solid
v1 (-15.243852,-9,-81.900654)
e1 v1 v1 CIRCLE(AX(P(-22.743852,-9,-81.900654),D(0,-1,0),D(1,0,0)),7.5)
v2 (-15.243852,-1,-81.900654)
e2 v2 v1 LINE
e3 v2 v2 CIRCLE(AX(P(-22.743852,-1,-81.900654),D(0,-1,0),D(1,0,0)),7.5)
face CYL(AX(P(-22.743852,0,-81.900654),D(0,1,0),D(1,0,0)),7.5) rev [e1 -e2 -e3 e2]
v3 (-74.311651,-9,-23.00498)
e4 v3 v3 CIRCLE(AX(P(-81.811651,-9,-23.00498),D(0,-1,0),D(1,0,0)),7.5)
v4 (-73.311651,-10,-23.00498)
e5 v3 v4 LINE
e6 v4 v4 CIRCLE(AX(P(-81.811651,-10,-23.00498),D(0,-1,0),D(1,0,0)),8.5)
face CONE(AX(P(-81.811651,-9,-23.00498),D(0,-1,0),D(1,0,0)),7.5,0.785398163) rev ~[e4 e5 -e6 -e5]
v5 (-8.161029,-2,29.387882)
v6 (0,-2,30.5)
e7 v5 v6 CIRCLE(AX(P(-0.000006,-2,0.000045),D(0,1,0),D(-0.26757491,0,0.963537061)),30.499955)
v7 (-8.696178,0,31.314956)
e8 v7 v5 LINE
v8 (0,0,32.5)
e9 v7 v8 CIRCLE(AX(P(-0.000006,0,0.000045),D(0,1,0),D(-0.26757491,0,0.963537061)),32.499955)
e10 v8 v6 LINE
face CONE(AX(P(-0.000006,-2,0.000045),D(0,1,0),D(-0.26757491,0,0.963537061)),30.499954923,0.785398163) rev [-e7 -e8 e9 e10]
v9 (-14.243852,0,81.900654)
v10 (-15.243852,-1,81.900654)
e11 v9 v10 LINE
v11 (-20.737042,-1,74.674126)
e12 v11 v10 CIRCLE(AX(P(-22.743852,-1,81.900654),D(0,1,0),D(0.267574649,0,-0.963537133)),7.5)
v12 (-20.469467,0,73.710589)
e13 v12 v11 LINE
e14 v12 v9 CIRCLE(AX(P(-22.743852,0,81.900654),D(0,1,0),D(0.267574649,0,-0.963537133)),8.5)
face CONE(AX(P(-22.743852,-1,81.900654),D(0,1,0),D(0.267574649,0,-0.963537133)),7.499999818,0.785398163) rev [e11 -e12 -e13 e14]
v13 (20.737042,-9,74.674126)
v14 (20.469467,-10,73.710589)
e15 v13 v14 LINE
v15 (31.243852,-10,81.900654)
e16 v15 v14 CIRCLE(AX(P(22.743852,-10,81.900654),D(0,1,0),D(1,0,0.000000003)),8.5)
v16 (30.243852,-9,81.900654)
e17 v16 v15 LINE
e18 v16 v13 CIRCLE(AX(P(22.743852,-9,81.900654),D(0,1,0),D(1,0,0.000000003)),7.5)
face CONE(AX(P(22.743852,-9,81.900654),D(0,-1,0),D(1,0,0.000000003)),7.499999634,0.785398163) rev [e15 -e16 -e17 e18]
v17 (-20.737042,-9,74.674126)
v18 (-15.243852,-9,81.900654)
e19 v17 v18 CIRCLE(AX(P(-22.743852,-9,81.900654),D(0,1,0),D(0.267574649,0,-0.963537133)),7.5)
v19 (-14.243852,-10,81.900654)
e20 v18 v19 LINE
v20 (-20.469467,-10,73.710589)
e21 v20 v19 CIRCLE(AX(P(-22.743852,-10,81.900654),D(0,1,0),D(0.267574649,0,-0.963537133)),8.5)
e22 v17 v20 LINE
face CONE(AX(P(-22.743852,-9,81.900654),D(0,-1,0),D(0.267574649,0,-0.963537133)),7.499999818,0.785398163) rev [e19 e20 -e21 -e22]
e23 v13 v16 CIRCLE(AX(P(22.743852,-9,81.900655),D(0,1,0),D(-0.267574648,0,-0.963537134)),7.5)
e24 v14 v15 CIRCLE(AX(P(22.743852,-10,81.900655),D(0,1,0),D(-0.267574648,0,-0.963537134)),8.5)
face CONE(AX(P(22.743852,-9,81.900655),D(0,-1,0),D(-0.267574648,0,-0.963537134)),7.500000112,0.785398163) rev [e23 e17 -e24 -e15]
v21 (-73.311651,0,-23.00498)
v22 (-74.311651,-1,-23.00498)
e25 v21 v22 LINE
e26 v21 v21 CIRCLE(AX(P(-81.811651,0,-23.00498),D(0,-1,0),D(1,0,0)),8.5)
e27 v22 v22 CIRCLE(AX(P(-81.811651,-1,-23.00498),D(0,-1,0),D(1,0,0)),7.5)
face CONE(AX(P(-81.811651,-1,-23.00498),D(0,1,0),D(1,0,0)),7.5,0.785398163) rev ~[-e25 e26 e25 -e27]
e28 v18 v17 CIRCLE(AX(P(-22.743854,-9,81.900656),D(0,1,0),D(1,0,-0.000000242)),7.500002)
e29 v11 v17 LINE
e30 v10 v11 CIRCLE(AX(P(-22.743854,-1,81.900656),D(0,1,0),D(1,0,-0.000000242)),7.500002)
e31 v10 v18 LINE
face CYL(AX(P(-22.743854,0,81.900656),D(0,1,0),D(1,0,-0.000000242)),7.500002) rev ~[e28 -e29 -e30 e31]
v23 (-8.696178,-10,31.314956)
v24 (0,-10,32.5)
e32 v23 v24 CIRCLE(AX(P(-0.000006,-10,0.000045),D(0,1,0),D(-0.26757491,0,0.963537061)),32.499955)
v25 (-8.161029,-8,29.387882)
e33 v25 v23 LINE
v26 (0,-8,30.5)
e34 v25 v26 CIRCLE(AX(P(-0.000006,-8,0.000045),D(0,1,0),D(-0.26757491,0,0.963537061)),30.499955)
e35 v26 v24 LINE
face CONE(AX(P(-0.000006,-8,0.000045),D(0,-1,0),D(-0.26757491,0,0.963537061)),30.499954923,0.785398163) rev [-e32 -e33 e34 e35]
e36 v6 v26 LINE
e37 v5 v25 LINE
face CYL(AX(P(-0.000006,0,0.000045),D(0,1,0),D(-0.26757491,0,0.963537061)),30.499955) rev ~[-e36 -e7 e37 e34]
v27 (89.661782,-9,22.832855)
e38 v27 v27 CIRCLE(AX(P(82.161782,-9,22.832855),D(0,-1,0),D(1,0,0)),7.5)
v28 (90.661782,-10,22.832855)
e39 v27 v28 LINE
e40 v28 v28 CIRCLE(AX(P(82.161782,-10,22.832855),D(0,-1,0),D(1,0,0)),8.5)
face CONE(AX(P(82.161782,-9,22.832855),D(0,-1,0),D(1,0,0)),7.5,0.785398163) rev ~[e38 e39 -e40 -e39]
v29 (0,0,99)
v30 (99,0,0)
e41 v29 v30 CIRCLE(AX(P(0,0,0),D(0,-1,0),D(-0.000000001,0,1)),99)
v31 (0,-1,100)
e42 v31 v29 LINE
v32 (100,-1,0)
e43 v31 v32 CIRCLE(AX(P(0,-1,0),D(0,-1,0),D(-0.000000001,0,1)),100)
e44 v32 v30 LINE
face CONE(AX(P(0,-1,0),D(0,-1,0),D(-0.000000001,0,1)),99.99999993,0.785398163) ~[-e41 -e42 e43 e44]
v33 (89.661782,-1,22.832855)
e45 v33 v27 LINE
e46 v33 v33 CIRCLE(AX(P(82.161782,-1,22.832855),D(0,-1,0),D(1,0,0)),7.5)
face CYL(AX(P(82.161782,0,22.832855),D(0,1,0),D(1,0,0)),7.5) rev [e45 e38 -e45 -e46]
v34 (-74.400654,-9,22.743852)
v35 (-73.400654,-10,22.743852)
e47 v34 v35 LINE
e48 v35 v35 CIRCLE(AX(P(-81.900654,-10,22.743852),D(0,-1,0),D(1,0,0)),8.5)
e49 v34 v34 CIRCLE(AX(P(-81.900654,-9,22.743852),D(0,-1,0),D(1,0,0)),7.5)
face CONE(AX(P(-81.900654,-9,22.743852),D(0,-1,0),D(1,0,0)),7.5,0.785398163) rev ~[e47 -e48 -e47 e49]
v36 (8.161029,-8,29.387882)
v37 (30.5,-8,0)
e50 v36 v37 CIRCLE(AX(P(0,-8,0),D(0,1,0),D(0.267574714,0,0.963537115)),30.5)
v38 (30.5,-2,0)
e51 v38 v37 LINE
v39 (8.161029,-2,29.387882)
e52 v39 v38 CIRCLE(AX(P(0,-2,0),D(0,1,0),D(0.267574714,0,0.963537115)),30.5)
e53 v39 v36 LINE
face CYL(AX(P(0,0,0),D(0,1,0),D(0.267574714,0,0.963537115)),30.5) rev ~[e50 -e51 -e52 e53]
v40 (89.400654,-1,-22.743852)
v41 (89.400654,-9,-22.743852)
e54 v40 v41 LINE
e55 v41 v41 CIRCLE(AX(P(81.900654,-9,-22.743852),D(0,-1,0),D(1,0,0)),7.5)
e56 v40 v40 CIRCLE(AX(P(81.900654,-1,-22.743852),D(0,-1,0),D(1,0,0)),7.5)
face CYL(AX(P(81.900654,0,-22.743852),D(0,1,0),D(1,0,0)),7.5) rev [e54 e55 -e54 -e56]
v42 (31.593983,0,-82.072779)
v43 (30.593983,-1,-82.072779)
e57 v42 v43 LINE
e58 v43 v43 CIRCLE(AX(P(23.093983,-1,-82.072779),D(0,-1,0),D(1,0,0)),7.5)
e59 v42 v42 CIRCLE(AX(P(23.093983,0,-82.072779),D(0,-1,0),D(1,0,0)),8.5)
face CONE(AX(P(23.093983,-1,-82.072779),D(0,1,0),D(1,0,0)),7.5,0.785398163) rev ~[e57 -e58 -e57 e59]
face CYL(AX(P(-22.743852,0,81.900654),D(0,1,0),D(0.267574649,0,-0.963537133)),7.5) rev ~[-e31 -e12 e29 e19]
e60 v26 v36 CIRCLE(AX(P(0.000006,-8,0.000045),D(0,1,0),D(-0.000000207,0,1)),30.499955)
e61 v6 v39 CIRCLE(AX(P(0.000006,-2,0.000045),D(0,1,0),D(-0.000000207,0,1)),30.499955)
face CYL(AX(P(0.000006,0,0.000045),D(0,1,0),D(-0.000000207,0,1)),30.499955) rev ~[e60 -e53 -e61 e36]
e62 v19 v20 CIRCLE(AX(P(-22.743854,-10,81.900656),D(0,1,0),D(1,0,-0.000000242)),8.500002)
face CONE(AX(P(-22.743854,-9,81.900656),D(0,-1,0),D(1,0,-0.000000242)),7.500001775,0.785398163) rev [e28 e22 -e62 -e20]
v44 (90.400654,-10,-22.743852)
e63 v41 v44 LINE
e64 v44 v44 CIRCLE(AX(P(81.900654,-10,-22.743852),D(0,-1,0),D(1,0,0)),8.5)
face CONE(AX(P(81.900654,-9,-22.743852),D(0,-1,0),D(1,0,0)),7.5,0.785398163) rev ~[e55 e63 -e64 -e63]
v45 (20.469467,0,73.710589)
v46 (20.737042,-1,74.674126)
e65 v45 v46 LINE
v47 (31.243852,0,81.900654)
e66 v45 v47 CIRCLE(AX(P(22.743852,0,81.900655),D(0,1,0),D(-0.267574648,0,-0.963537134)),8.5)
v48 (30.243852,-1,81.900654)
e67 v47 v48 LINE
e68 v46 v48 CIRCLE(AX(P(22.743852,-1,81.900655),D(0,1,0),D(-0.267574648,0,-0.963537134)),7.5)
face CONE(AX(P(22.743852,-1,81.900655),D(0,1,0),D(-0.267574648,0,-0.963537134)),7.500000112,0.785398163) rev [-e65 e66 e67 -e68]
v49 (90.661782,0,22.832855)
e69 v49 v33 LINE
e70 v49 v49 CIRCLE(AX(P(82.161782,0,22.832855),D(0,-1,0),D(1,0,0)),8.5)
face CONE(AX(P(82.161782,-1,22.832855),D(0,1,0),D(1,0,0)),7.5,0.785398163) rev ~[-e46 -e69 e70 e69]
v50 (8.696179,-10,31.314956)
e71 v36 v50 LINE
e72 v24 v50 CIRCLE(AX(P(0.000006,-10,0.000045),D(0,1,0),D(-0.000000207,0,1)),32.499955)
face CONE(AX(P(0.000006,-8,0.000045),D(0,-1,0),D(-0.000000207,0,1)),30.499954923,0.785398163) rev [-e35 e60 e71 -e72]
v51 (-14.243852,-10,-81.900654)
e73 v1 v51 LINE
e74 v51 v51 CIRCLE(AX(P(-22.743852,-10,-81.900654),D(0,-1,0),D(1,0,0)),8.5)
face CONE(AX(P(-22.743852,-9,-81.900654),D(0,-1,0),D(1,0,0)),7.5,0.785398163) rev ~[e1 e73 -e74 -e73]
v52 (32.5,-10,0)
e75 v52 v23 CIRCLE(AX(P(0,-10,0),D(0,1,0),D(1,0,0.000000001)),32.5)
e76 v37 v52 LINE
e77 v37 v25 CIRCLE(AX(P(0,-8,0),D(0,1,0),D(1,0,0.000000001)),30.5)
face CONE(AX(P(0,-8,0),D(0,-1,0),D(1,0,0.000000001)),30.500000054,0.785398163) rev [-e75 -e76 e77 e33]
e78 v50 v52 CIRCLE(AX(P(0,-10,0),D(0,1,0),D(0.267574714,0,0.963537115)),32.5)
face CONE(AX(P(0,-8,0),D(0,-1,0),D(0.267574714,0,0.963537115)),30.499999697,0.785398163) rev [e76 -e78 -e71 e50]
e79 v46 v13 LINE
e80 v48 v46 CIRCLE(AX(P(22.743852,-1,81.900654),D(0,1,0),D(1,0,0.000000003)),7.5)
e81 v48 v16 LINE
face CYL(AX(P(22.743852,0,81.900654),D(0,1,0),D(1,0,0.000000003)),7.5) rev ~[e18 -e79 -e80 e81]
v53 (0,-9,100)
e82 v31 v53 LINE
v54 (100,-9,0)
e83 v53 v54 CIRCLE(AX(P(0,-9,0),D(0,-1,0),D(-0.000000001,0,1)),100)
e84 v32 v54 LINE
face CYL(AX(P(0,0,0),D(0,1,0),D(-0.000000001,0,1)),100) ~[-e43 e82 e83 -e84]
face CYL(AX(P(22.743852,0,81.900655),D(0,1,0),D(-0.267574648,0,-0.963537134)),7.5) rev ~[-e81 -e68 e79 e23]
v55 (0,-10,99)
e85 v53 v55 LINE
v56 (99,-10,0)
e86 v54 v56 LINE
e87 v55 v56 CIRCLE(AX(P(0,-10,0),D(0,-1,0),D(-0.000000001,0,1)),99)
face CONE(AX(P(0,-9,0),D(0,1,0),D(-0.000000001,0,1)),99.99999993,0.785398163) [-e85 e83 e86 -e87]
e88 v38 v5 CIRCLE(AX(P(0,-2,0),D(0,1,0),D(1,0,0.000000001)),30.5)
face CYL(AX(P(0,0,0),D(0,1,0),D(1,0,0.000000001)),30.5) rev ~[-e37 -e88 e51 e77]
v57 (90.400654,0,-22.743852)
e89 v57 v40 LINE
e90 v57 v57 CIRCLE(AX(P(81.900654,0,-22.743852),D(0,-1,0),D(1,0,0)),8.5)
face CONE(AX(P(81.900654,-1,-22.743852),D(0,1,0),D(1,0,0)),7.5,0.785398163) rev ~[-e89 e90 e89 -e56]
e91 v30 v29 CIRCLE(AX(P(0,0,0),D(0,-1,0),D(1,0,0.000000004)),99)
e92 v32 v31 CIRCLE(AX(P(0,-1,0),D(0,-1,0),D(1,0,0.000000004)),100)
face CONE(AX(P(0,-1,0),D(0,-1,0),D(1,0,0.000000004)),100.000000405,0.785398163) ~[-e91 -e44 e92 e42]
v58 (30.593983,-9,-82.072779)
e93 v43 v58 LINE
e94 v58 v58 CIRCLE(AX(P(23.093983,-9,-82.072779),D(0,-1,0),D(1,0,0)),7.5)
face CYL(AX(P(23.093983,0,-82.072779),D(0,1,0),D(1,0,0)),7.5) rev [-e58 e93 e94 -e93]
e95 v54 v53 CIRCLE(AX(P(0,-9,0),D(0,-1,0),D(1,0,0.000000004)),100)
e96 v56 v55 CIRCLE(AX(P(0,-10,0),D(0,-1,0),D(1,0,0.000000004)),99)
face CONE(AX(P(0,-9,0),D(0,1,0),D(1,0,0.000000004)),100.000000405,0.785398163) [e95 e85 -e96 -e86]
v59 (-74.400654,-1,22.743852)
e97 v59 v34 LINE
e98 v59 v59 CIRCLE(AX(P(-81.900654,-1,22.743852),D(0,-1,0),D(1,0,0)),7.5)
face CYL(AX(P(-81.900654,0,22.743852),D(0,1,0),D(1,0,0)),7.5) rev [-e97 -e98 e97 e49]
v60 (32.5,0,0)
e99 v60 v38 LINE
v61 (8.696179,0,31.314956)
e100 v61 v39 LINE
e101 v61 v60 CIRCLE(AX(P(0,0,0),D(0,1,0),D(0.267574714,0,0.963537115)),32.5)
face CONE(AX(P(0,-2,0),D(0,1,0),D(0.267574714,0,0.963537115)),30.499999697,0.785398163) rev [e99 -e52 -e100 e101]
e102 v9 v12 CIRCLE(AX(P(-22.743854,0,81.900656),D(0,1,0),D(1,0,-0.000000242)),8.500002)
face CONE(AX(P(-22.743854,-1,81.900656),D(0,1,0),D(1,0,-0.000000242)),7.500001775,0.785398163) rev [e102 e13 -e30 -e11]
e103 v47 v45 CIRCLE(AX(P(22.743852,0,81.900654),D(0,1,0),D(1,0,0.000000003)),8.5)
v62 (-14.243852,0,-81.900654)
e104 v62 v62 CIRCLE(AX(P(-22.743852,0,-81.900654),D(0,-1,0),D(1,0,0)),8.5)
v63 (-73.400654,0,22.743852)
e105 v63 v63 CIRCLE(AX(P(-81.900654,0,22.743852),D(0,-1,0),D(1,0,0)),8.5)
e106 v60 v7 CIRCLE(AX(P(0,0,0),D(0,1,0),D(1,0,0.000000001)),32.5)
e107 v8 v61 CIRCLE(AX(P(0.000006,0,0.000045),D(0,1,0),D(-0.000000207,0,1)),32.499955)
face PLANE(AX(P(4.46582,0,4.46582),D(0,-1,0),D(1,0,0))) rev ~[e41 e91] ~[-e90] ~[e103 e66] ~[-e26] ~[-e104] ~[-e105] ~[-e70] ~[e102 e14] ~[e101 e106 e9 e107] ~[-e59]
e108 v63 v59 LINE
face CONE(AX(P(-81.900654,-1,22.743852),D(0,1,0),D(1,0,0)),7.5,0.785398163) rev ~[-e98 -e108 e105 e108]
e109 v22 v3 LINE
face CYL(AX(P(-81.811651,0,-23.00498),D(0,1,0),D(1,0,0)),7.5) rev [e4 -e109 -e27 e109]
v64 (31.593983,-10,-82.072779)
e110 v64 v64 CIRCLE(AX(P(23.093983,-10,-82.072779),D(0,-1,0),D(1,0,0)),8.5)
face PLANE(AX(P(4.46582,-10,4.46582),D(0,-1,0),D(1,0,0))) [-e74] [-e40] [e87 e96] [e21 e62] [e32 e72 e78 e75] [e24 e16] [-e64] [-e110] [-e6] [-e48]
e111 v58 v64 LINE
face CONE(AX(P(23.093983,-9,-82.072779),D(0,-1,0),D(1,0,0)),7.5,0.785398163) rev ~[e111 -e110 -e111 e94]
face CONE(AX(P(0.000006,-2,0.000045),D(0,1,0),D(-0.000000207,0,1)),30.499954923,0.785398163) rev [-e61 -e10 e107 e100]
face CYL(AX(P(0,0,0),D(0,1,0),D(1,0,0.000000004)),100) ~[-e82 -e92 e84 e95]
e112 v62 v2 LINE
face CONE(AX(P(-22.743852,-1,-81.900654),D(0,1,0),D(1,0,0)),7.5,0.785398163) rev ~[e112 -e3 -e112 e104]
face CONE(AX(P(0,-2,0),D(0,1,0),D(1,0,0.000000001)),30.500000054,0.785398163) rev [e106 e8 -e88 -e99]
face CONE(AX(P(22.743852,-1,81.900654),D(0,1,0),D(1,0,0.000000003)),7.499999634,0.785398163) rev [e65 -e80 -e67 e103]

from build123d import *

# Parameters (mm, degrees)
F0_R     = 7.5
F1_DEPTH = 10
F2_SIZE2 = 1
F2_SIZE  = 1
F3_SIZE2 = 1
F3_SIZE  = 1
F4_SIZE2 = 2
F4_SIZE  = 2
F5_SIZE2 = 2
F5_SIZE  = 2
F6_SIZE2 = 1
F6_SIZE  = 1
F7_SIZE2 = 1
F7_SIZE  = 1


with BuildPart() as f1:
    # F0 (on Front) → F1 (new body)
    with BuildSketch(Plane.XZ):
        with BuildLine():
            ThreePointArc((0, 100), (-70.710678, -70.710678), (100, 0))
            ThreePointArc((100, 0), (70.710678, 70.710678), (0, 100))
        make_face()
        with Locations((-22.743852, -81.900654)):
            Circle(F0_R, mode=Mode.SUBTRACT)
        with Locations((-81.811651, -23.00498)):
            Circle(F0_R, mode=Mode.SUBTRACT)
        with Locations((23.093983, -82.072779)):
            Circle(F0_R, mode=Mode.SUBTRACT)
        with Locations((81.900654, -22.743852)):
            Circle(F0_R, mode=Mode.SUBTRACT)
        with Locations((-81.900654, 22.743852)):
            Circle(F0_R, mode=Mode.SUBTRACT)
        with BuildLine():
            ThreePointArc((-15.243852, 81.900654), (-16.773045, 77.361992), (-20.737042, 74.674126))
            ThreePointArc((-20.737042, 74.674126), (-28.714659, 86.439317), (-15.243852, 81.900654))
        make_face(mode=Mode.SUBTRACT)
        with BuildLine():
            ThreePointArc((-8.161029, 29.387882), (-4.118228, 30.220692), (0, 30.5))
            ThreePointArc((0, 30.5), (4.118228, 30.220692), (8.161029, 29.387882))
            ThreePointArc((8.161029, 29.387882), (24.281283, 18.457229), (30.5, 0))
            ThreePointArc((30.5, 0), (-18.457229, -24.281283), (-8.161029, 29.387882))
        make_face(mode=Mode.SUBTRACT)
        with Locations((82.161782, 22.832855)):
            Circle(F0_R, mode=Mode.SUBTRACT)
        with BuildLine():
            ThreePointArc((30.243852, 81.900654), (27.282515, 75.929847), (20.737042, 74.674126))
            ThreePointArc((20.737042, 74.674126), (18.205189, 87.871462), (30.243852, 81.900654))
        make_face(mode=Mode.SUBTRACT)
    extrude(amount=F1_DEPTH)

    # F2
    f2_edges = [f1.edges().sort_by_distance(p)[0] for p in [
        (-100, 0, 0),
    ]]
    chamfer(f2_edges, length=F2_SIZE, length2=F2_SIZE2)

    # F3
    f3_edges = [f1.edges().sort_by_distance(p)[0] for p in [
        (-100, -10, 0),
    ]]
    chamfer(f3_edges, length=F3_SIZE, length2=F3_SIZE2)

    # F4
    f4_edges = [f1.edges().sort_by_distance(p)[0] for p in [
        (8.161029, 0, -29.387882),
    ]]
    chamfer(f4_edges, length=F4_SIZE, length2=F4_SIZE2)

    # F5
    f5_edges = [f1.edges().sort_by_distance(p)[0] for p in [
        (8.161029, -10, -29.387882),
    ]]
    chamfer(f5_edges, length=F5_SIZE, length2=F5_SIZE2)

    # F6
    f6_edges = [f1.edges().sort_by_distance(p)[0] for p in [
        (15.243852, 0, 81.900654),
        (-30.243852, 0, 81.900654),
        (-89.400654, 0, 22.743852),
        (-89.311651, 0, -23.00498),
        (-30.243852, 0, -81.900654),
        (15.593983, 0, -82.072779),
        (74.400654, 0, -22.743852),
        (74.661782, 0, 22.832855),
    ]]
    chamfer(f6_edges, length=F6_SIZE, length2=F6_SIZE2)

    # F7
    f7_edges = [f1.edges().sort_by_distance(p)[0] for p in [
        (-30.243852, -10, 81.900654),
        (15.243852, -10, 81.900654),
        (74.661782, -10, 22.832855),
        (74.400654, -10, -22.743852),
        (15.593983, -10, -82.072779),
        (-30.243852, -10, -81.900654),
        (-89.400654, -10, 22.743852),
        (-89.311651, -10, -23.00498),
    ]]
    chamfer(f7_edges, length=F7_SIZE, length2=F7_SIZE2)


solid = f1.part
